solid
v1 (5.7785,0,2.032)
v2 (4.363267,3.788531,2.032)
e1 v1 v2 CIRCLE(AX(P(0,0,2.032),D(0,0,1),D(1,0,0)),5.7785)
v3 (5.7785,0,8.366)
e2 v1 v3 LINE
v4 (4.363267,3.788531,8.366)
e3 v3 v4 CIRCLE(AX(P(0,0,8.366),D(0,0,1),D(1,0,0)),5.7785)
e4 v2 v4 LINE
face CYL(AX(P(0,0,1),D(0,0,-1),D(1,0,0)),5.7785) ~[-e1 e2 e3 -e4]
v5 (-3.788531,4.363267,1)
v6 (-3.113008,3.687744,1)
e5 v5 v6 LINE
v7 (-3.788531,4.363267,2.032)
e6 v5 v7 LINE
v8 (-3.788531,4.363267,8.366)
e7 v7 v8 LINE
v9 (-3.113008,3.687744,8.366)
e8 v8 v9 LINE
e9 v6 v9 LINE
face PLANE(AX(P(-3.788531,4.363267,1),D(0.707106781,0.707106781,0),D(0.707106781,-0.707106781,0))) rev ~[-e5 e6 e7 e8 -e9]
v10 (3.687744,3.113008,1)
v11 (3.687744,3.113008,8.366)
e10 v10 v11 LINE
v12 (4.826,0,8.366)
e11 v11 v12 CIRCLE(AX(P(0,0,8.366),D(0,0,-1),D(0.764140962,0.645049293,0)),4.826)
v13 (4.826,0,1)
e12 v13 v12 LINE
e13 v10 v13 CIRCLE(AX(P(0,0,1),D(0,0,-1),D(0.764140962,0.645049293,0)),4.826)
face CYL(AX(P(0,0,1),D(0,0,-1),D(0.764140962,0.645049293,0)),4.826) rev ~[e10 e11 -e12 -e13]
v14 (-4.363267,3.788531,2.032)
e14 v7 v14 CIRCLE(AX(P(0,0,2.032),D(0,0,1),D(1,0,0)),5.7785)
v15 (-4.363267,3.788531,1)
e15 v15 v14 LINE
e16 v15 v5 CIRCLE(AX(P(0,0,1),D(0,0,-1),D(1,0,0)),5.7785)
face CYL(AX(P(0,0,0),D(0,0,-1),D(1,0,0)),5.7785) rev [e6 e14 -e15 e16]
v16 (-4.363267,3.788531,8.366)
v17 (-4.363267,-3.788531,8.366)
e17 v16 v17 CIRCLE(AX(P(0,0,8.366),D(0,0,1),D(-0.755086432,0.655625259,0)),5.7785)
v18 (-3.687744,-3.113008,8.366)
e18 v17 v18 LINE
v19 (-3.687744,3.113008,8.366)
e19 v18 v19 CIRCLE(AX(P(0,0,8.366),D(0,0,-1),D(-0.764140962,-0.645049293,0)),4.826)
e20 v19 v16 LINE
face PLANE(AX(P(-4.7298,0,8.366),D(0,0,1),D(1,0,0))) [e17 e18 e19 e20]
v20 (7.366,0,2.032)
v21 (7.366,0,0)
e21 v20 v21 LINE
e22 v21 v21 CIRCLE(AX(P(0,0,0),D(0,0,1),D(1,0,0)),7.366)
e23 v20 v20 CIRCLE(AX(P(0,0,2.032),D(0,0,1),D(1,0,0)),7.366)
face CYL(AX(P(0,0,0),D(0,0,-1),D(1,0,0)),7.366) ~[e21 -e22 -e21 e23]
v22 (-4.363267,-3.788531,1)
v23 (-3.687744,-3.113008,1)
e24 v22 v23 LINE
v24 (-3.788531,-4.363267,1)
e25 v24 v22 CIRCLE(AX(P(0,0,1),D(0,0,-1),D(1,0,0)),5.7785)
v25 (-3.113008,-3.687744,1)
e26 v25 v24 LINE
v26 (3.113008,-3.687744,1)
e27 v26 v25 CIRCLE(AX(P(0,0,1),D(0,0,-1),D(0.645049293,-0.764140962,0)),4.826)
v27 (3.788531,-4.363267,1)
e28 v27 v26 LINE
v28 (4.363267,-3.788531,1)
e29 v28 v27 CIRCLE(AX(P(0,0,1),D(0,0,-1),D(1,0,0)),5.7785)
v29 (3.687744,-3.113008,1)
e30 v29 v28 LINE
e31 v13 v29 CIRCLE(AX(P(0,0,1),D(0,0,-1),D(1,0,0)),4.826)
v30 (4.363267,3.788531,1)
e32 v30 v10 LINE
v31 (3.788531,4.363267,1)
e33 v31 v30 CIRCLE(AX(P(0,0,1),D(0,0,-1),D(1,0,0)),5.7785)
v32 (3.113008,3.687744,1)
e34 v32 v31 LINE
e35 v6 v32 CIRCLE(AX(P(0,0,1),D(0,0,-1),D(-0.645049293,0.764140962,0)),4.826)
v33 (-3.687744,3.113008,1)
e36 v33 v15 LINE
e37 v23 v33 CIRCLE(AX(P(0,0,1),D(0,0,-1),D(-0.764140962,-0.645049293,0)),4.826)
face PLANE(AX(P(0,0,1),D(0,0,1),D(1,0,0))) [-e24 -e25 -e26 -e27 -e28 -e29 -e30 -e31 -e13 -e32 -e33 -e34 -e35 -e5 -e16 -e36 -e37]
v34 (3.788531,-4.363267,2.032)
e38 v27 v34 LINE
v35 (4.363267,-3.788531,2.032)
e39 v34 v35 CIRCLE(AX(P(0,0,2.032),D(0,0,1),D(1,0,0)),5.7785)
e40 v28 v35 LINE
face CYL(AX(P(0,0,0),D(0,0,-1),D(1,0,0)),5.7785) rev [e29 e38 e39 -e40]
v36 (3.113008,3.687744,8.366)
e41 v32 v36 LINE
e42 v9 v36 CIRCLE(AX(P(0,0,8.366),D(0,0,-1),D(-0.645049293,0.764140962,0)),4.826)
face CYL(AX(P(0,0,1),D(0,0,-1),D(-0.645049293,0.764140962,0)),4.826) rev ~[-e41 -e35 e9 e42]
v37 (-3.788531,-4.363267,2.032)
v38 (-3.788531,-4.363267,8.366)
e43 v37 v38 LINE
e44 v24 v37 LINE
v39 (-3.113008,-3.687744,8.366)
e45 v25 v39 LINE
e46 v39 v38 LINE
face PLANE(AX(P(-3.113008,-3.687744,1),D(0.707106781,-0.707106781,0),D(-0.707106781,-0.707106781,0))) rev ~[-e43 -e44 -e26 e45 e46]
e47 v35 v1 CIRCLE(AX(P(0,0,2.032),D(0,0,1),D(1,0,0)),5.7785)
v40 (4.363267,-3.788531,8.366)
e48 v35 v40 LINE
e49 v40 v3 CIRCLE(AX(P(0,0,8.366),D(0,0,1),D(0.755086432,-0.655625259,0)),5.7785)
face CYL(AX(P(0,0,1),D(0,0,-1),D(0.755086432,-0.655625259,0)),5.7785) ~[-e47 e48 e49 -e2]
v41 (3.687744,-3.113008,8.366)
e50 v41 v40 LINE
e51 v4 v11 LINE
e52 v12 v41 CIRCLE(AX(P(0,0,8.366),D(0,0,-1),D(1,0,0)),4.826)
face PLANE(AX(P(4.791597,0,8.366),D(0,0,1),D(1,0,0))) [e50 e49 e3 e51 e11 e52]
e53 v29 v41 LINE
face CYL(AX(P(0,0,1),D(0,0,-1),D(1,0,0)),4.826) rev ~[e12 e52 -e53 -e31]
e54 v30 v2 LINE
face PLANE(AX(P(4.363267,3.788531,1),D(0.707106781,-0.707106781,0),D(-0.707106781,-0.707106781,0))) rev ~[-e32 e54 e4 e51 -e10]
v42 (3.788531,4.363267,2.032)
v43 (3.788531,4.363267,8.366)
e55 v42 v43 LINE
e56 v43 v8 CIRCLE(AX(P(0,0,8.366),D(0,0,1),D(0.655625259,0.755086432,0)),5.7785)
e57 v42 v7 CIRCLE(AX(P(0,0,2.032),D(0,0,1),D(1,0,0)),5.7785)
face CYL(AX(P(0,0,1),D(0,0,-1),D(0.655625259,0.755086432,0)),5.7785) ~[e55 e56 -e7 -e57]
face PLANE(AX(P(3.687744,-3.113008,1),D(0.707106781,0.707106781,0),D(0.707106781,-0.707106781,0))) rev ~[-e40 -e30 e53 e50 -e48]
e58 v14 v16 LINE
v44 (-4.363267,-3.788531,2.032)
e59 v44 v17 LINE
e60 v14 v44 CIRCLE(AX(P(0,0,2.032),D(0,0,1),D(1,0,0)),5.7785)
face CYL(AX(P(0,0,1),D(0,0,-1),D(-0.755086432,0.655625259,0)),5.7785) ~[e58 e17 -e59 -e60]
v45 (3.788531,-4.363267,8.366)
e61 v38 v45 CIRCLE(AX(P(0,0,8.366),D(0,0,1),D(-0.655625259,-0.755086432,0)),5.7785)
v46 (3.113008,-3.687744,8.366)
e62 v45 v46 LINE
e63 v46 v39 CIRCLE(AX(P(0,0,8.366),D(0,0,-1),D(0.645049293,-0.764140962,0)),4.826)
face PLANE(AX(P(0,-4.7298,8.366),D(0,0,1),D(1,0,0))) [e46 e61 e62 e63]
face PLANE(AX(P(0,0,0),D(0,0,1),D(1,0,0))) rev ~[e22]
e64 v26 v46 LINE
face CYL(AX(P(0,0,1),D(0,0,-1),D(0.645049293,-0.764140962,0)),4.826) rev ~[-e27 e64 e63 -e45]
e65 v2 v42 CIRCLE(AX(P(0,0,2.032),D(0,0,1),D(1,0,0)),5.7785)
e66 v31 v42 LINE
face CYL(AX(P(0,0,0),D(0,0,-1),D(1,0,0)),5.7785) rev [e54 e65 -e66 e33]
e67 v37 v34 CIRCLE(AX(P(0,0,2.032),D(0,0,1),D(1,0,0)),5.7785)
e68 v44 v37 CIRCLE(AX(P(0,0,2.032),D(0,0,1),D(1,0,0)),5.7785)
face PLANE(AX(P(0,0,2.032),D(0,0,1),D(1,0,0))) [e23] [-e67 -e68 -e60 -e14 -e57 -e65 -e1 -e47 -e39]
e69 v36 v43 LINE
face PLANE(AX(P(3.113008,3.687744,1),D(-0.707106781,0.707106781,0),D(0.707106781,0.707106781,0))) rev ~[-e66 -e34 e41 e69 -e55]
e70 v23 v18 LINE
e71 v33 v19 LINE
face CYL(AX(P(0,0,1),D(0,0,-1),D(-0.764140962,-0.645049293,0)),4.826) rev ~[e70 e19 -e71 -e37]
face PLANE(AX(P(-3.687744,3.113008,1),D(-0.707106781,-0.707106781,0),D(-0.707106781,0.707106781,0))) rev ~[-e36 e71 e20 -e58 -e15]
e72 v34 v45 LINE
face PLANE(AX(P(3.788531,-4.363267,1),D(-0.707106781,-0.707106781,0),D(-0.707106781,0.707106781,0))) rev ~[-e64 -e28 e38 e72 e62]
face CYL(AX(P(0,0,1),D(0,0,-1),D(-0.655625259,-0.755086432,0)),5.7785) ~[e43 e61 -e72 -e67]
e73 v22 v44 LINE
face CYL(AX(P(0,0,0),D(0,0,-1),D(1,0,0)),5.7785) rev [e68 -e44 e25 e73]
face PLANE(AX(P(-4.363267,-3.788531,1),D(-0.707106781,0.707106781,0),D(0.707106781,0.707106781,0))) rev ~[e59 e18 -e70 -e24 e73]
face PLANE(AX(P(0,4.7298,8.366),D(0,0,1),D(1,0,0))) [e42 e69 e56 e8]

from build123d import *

# Parameters (mm, degrees)
F0_R     = 7.366
F0_R_2   = 5.7785
F1_DEPTH = 1
F2_DEPTH = 2.032
F4_DEPTH = 7.366


with BuildPart() as f1:
    # F0 (on Top) → F1 (new body)
    with BuildSketch(Plane.XY):
        Circle(F0_R)
        Circle(F0_R_2, mode=Mode.SUBTRACT)
        Circle(F0_R_2)
    extrude(amount=F1_DEPTH)

    # F0 (on Top) → F2 (join)
    with BuildSketch(Plane.XY):
        Circle(F0_R)
        Circle(F0_R_2, mode=Mode.SUBTRACT)
    extrude(amount=F2_DEPTH)

    # F3 (on face) → F4 (join)
    with BuildSketch(Plane.XY.offset(1)):
        with BuildLine():
            ThreePointArc((-3.1130078892, 3.687744281), (0, 4.826), (3.1130078892, 3.687744281))
            Line((3.1130078892, 3.687744281), (3.7885305572, 4.3632669489))
            ThreePointArc((3.7885305572, 4.3632669489), (0, 5.7785), (-3.7885305572, 4.3632669489))
            Line((-3.7885305572, 4.3632669489), (-3.1130078892, 3.687744281))
        make_face()
        with BuildLine():
            ThreePointArc((-3.687744281, -3.1130078892), (-4.826, 0), (-3.687744281, 3.1130078892))
            Line((-3.687744281, 3.1130078892), (-4.3632669489, 3.7885305572))
            ThreePointArc((-4.3632669489, 3.7885305572), (-5.7785, 0), (-4.3632669489, -3.7885305572))
            Line((-4.3632669489, -3.7885305572), (-3.687744281, -3.1130078892))
        make_face()
        with BuildLine():
            Line((3.7885305572, -4.3632669489), (3.1130078892, -3.687744281))
            ThreePointArc((3.1130078892, -3.687744281), (0, -4.826), (-3.1130078892, -3.687744281))
            Line((-3.1130078892, -3.687744281), (-3.7885305572, -4.3632669489))
            ThreePointArc((-3.7885305572, -4.3632669489), (0, -5.7785), (3.7885305572, -4.3632669489))
        make_face()
        with BuildLine():
            ThreePointArc((3.687744281, 3.1130078892), (4.5325119912, 1.6572902733), (4.826, 0))
            ThreePointArc((4.826, 0), (4.5325119912, -1.6572902733), (3.687744281, -3.1130078892))
            Line((3.687744281, -3.1130078892), (4.3632669489, -3.7885305572))
            ThreePointArc((4.3632669489, -3.7885305572), (5.4131414315, -2.0221182193), (5.7785, 0))
            ThreePointArc((5.7785, 0), (5.4131414315, 2.0221182193), (4.3632669489, 3.7885305572))
            Line((4.3632669489, 3.7885305572), (3.687744281, 3.1130078892))
        make_face()
    extrude(amount=F4_DEPTH)


solid = f1.part
